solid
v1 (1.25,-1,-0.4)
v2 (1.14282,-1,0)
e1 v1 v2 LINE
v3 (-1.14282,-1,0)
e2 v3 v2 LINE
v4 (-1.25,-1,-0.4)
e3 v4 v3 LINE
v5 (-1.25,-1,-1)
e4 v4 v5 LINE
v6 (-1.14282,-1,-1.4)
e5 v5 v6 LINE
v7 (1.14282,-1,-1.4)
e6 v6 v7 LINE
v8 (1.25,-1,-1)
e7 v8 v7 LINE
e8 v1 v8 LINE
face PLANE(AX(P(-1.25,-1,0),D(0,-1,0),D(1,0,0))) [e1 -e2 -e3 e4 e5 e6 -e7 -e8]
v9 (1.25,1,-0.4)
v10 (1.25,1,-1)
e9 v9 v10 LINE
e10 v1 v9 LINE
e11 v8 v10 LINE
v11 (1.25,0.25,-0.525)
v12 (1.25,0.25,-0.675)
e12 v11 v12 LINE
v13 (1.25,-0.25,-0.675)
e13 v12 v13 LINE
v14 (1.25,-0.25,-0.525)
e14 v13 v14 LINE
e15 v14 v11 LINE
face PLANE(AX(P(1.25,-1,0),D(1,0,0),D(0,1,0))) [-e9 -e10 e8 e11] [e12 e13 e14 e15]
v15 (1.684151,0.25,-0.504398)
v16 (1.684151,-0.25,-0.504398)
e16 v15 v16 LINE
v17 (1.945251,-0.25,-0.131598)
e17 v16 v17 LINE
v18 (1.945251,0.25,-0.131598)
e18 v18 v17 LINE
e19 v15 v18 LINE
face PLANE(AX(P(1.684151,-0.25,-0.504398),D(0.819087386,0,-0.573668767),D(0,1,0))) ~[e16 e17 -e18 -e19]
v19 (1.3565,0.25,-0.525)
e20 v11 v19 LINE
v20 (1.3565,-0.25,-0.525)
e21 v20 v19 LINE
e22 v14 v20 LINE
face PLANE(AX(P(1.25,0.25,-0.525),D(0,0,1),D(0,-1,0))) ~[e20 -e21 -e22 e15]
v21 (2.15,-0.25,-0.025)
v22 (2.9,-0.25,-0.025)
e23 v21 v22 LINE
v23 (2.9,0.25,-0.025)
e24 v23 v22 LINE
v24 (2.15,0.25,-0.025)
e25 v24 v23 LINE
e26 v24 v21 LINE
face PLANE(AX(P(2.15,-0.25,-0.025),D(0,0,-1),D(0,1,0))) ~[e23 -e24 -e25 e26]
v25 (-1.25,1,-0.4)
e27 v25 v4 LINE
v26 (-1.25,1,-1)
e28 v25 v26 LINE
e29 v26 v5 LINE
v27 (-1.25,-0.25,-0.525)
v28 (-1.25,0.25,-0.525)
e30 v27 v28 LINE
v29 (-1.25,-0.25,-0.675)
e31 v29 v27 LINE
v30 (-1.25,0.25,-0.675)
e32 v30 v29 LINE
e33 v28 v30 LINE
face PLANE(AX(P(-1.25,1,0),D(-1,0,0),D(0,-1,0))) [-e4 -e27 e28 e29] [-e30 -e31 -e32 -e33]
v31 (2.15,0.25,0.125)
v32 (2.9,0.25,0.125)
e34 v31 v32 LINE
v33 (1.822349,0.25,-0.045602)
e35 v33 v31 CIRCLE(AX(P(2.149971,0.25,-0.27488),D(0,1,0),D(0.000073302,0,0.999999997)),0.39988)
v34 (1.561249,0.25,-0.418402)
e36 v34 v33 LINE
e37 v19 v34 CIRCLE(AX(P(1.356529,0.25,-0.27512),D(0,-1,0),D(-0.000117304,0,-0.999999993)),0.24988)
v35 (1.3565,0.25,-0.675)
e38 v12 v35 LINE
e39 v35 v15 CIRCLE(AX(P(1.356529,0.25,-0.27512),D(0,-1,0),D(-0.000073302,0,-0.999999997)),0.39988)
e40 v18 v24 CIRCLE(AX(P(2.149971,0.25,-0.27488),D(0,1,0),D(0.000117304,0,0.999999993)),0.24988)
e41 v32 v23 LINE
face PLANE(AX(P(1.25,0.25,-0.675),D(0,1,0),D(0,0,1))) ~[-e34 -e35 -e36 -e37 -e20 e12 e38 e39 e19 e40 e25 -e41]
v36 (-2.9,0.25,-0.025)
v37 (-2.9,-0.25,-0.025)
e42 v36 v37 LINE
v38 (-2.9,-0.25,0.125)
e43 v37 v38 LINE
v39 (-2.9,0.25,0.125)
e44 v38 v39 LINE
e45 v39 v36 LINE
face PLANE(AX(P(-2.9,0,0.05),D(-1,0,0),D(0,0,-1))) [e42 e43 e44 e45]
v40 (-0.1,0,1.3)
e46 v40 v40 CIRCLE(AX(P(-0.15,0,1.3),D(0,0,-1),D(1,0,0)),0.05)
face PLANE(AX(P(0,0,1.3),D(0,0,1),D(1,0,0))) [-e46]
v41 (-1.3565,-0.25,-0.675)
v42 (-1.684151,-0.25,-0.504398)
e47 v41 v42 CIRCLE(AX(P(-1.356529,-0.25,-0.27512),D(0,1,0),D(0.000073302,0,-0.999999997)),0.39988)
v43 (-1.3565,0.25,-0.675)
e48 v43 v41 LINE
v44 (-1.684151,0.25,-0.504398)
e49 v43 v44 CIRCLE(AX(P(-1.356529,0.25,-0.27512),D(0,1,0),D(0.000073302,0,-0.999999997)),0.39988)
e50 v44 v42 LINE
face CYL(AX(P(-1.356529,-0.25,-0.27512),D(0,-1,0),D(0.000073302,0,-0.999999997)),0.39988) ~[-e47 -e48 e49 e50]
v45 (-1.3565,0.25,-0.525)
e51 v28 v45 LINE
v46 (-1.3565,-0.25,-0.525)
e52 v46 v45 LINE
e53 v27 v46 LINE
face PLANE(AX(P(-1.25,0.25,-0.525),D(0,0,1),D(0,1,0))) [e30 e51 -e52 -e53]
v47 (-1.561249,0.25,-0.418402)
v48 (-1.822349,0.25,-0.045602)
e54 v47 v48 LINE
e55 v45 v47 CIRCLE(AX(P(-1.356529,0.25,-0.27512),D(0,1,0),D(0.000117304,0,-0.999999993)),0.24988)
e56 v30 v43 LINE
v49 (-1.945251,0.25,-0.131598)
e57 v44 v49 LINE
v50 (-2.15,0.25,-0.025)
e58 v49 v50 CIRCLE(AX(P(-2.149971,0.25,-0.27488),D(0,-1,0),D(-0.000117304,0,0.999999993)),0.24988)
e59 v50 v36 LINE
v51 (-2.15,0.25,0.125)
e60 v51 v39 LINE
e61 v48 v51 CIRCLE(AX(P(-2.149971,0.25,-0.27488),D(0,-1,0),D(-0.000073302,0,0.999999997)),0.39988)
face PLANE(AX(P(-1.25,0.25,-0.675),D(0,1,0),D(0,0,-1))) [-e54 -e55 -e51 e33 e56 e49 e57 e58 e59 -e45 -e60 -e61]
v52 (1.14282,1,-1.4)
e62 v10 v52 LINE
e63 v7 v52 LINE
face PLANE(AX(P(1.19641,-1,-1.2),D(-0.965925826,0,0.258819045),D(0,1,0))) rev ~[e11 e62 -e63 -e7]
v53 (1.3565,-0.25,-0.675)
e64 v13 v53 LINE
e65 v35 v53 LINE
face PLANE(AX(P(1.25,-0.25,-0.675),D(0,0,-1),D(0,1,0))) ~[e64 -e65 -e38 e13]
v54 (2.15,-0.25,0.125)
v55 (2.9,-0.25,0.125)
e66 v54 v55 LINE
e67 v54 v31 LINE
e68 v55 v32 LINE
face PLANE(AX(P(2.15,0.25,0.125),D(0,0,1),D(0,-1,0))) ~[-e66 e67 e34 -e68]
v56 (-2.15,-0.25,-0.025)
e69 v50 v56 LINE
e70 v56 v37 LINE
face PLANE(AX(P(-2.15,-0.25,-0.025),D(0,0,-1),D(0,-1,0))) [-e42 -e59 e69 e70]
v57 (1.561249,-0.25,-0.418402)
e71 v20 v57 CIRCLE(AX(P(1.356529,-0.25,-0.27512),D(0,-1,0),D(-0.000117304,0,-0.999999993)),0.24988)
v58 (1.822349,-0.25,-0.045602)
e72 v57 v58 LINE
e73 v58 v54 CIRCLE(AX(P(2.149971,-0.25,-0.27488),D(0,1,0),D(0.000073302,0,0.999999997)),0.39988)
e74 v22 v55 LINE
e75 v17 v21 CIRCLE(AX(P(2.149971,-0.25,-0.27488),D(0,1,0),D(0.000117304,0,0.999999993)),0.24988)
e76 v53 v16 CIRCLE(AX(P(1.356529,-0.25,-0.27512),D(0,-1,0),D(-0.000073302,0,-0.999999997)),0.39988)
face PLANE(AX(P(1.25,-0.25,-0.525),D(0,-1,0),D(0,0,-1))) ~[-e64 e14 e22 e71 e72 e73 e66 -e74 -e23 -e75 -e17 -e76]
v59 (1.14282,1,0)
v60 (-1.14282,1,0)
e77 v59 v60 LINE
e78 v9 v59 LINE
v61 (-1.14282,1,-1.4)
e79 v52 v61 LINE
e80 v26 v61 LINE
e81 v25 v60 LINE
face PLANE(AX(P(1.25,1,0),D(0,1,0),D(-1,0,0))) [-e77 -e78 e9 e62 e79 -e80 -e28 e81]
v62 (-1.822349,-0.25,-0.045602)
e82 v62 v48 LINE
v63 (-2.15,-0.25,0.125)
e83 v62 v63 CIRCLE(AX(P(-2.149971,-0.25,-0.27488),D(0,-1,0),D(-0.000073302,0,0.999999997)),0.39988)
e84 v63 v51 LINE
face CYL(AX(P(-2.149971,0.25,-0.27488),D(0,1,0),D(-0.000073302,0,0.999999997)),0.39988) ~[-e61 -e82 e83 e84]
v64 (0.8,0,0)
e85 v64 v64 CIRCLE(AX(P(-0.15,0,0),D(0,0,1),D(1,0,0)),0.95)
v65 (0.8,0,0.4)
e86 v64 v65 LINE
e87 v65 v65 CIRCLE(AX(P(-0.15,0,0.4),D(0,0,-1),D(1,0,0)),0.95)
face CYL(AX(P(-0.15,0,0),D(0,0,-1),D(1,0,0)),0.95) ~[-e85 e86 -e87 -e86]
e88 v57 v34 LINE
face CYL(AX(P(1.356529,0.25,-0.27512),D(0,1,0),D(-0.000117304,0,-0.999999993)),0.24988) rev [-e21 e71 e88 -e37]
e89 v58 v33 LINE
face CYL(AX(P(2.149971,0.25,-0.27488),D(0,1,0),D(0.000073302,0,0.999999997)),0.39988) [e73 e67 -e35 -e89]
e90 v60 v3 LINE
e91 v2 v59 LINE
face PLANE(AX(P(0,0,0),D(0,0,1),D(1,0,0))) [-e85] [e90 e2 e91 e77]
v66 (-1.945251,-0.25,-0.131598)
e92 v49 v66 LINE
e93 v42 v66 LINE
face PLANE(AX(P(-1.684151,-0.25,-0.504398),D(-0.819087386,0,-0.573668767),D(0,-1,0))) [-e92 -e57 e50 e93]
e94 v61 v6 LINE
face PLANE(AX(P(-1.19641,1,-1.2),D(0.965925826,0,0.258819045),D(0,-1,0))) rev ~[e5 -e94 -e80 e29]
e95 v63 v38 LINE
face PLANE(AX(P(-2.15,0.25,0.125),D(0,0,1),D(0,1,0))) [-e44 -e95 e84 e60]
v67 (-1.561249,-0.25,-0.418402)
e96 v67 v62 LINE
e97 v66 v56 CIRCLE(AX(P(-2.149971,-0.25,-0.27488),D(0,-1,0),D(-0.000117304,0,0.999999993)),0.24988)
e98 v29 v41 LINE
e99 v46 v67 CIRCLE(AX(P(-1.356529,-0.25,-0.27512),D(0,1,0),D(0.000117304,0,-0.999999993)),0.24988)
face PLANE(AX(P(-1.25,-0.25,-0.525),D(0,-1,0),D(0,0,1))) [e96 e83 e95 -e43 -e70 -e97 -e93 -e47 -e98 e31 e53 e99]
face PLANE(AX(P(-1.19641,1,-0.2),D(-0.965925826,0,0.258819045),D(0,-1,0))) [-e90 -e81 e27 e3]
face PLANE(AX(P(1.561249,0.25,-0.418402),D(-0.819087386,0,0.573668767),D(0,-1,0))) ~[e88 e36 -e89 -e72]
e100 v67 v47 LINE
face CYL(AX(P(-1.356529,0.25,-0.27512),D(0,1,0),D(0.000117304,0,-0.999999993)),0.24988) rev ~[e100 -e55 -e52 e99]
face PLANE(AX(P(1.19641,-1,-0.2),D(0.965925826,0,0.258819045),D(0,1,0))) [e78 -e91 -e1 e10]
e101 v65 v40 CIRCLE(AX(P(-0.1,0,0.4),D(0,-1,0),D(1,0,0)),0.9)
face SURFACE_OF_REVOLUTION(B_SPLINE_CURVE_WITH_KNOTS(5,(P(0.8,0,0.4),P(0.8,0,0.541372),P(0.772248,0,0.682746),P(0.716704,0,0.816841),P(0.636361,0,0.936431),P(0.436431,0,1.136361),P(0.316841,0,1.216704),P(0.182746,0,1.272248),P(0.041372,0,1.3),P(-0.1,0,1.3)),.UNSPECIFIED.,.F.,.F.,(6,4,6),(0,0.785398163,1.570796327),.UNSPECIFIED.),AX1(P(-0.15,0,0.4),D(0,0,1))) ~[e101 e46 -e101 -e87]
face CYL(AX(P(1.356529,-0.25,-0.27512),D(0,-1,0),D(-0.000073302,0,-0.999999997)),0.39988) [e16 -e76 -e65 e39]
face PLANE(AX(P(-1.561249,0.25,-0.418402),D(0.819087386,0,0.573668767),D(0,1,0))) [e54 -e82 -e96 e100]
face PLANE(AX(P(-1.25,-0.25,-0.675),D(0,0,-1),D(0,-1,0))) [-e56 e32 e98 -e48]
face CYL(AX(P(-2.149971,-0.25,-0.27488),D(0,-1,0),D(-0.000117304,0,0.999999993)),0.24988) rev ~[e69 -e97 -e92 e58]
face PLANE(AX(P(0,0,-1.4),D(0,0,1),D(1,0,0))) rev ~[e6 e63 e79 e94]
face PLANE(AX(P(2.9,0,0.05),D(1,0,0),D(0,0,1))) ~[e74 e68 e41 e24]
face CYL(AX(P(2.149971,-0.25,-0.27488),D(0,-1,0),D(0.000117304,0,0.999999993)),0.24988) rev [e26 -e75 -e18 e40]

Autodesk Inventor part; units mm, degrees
ref_plane "YZ Plane" through (0, 0, 0) normal (1, 0, 0) x (0, 1, 0)
ref_plane "XZ Plane" through (0, 0, 0) normal (0, 1, 0) x (-1, 0, 0)
ref_plane "XY Plane" through (0, 0, 0) normal (0, 0, 1) x (1, 0, 0)
sketch "Skizze1" plane through (0, 0, 0) normal (0, 0, 1) x (1, 0, 0)
  line L0 (-1.25, -1) -> (1.25, -1)
  line L1 (1.25, -1) -> (1.25, 1)
  line L2 (1.25, 1) -> (-1.25, 1)
  line L3 (-1.25, 1) -> (-1.25, -1)
  line L4 (-1.25, -1) -> (1.25, 1) construction
  line L5 (1.25, -1) -> (-1.25, 1) construction
  point P0 (0, 0)
  dimension "d0" = 2.5
  dimension "d1" = 2
extrude "Extrusion1" add sketch "Skizze1" against normal blind 1.4
sketch "Skizze2" plane through (0, 0, 0) normal (0, 0, 1) x (1, 0, 0)
  line L0 (-1.25, -1) -> (1.25, -1) projected
  line L1 (1.25, -1) -> (1.25, 1) projected
  line L2 (1.25, 1) -> (-1.25, 1) projected
  line L3 (-1.25, 1) -> (-1.25, -1) projected
  circle A0 centre (-0.15, 0) radius 0.95
  line L4 (-1.75, 0) -> (1.75, 0) projected
  point P0 (0, 0)
  dimension "d4" = 1.9
  dimension "d5" = 1.1
extrude "Extrusion2" add sketch "Skizze2" along normal blind 1.3 contours L4 A0 | A0 L4
fillet "Rundung1" radius 0.9 1 edges at (-1.1, 0, 1.3)
sketch "Skizze3" plane through (0, 0, 0) normal (0, 1, 0) x (-1, 0, 0)
  line L0 (1.25, 0) -> (-1.25, 0) projected
  line L1 (1.25, 0) -> (1.25, -1.4) projected
  line L2 (-1.25, -1.4) -> (1.25, -1.4) projected
  line L3 (-1.25, 0) -> (-1.25, -1.4) projected
  line L4 (1.25, 0) -> (1.25, -1.4) projected
  line L5 (1.25, -0.6) -> (1.3565, -0.6)
  arc A0 (1.3565, -0.6) -> (1.6227, -0.4614) centre (1.3565, -0.275) ccw
  line L6 (1.6227, -0.4614) -> (1.8838, -0.0886)
  arc A1 (2.15, 0.05) -> (1.8838, -0.0886) centre (2.15, -0.275) ccw
  line L7 (2.15, 0.05) -> (2.9, 0.05)
  line L8 (0, -1.94) -> (0, 1.84) projected
  line L9 (2.15, -0.275) -> (1.3565, -0.275) construction
  point P0 (0, 0)
  dimension "d9" = 55
  dimension "d10" = 2.9
  dimension "d11" = 2.15
  dimension "d12" = 0.05
  dimension "d13" = 0.6
sketch "Skizze4" plane through (-1.25, -1, 0) normal (-1, 0, 0) x (0, 0, 1)
  line L0 (-0.675, 1.25) -> (-0.525, 1.25)
  line L1 (-0.525, 1.25) -> (-0.525, 0.75)
  line L2 (-0.525, 0.75) -> (-0.675, 0.75)
  line L3 (-0.675, 0.75) -> (-0.675, 1.25)
  line L4 (-0.675, 1.25) -> (-0.525, 0.75) construction
  line L5 (-0.525, 1.25) -> (-0.675, 0.75) construction
  point P0 (0, 1)
  point P1 (-0.6, 1)
  point P2 (-0.6, 1)
  point P3 (-0.6, 1)
  dimension "d14" = 0.15
  dimension "d15" = 0.5
sweep "Sweeping1" add profiles "Skizze4" path "Skizze3" path curves L5 A0 L6 A1 L7
mirror "Spiegeln1" about plane through (0, 0, 0) normal (1, 0, 0) of "Sweeping1"
chamfer "Fase1" distance 0.4 angle 15 2 edges at (-1.25, 0, 0) (-1.25, 0, -1.4) measured on face at (-1.25, 0.0833, -1.1583)
chamfer "Fase2" distance 0.4 angle 15 2 edges at (1.25, 0, 0) (1.25, 0, -1.4) measured on face at (1.25, -0.0833, -1.1583)
properties part number "IR LED Reverse Gullwing"
